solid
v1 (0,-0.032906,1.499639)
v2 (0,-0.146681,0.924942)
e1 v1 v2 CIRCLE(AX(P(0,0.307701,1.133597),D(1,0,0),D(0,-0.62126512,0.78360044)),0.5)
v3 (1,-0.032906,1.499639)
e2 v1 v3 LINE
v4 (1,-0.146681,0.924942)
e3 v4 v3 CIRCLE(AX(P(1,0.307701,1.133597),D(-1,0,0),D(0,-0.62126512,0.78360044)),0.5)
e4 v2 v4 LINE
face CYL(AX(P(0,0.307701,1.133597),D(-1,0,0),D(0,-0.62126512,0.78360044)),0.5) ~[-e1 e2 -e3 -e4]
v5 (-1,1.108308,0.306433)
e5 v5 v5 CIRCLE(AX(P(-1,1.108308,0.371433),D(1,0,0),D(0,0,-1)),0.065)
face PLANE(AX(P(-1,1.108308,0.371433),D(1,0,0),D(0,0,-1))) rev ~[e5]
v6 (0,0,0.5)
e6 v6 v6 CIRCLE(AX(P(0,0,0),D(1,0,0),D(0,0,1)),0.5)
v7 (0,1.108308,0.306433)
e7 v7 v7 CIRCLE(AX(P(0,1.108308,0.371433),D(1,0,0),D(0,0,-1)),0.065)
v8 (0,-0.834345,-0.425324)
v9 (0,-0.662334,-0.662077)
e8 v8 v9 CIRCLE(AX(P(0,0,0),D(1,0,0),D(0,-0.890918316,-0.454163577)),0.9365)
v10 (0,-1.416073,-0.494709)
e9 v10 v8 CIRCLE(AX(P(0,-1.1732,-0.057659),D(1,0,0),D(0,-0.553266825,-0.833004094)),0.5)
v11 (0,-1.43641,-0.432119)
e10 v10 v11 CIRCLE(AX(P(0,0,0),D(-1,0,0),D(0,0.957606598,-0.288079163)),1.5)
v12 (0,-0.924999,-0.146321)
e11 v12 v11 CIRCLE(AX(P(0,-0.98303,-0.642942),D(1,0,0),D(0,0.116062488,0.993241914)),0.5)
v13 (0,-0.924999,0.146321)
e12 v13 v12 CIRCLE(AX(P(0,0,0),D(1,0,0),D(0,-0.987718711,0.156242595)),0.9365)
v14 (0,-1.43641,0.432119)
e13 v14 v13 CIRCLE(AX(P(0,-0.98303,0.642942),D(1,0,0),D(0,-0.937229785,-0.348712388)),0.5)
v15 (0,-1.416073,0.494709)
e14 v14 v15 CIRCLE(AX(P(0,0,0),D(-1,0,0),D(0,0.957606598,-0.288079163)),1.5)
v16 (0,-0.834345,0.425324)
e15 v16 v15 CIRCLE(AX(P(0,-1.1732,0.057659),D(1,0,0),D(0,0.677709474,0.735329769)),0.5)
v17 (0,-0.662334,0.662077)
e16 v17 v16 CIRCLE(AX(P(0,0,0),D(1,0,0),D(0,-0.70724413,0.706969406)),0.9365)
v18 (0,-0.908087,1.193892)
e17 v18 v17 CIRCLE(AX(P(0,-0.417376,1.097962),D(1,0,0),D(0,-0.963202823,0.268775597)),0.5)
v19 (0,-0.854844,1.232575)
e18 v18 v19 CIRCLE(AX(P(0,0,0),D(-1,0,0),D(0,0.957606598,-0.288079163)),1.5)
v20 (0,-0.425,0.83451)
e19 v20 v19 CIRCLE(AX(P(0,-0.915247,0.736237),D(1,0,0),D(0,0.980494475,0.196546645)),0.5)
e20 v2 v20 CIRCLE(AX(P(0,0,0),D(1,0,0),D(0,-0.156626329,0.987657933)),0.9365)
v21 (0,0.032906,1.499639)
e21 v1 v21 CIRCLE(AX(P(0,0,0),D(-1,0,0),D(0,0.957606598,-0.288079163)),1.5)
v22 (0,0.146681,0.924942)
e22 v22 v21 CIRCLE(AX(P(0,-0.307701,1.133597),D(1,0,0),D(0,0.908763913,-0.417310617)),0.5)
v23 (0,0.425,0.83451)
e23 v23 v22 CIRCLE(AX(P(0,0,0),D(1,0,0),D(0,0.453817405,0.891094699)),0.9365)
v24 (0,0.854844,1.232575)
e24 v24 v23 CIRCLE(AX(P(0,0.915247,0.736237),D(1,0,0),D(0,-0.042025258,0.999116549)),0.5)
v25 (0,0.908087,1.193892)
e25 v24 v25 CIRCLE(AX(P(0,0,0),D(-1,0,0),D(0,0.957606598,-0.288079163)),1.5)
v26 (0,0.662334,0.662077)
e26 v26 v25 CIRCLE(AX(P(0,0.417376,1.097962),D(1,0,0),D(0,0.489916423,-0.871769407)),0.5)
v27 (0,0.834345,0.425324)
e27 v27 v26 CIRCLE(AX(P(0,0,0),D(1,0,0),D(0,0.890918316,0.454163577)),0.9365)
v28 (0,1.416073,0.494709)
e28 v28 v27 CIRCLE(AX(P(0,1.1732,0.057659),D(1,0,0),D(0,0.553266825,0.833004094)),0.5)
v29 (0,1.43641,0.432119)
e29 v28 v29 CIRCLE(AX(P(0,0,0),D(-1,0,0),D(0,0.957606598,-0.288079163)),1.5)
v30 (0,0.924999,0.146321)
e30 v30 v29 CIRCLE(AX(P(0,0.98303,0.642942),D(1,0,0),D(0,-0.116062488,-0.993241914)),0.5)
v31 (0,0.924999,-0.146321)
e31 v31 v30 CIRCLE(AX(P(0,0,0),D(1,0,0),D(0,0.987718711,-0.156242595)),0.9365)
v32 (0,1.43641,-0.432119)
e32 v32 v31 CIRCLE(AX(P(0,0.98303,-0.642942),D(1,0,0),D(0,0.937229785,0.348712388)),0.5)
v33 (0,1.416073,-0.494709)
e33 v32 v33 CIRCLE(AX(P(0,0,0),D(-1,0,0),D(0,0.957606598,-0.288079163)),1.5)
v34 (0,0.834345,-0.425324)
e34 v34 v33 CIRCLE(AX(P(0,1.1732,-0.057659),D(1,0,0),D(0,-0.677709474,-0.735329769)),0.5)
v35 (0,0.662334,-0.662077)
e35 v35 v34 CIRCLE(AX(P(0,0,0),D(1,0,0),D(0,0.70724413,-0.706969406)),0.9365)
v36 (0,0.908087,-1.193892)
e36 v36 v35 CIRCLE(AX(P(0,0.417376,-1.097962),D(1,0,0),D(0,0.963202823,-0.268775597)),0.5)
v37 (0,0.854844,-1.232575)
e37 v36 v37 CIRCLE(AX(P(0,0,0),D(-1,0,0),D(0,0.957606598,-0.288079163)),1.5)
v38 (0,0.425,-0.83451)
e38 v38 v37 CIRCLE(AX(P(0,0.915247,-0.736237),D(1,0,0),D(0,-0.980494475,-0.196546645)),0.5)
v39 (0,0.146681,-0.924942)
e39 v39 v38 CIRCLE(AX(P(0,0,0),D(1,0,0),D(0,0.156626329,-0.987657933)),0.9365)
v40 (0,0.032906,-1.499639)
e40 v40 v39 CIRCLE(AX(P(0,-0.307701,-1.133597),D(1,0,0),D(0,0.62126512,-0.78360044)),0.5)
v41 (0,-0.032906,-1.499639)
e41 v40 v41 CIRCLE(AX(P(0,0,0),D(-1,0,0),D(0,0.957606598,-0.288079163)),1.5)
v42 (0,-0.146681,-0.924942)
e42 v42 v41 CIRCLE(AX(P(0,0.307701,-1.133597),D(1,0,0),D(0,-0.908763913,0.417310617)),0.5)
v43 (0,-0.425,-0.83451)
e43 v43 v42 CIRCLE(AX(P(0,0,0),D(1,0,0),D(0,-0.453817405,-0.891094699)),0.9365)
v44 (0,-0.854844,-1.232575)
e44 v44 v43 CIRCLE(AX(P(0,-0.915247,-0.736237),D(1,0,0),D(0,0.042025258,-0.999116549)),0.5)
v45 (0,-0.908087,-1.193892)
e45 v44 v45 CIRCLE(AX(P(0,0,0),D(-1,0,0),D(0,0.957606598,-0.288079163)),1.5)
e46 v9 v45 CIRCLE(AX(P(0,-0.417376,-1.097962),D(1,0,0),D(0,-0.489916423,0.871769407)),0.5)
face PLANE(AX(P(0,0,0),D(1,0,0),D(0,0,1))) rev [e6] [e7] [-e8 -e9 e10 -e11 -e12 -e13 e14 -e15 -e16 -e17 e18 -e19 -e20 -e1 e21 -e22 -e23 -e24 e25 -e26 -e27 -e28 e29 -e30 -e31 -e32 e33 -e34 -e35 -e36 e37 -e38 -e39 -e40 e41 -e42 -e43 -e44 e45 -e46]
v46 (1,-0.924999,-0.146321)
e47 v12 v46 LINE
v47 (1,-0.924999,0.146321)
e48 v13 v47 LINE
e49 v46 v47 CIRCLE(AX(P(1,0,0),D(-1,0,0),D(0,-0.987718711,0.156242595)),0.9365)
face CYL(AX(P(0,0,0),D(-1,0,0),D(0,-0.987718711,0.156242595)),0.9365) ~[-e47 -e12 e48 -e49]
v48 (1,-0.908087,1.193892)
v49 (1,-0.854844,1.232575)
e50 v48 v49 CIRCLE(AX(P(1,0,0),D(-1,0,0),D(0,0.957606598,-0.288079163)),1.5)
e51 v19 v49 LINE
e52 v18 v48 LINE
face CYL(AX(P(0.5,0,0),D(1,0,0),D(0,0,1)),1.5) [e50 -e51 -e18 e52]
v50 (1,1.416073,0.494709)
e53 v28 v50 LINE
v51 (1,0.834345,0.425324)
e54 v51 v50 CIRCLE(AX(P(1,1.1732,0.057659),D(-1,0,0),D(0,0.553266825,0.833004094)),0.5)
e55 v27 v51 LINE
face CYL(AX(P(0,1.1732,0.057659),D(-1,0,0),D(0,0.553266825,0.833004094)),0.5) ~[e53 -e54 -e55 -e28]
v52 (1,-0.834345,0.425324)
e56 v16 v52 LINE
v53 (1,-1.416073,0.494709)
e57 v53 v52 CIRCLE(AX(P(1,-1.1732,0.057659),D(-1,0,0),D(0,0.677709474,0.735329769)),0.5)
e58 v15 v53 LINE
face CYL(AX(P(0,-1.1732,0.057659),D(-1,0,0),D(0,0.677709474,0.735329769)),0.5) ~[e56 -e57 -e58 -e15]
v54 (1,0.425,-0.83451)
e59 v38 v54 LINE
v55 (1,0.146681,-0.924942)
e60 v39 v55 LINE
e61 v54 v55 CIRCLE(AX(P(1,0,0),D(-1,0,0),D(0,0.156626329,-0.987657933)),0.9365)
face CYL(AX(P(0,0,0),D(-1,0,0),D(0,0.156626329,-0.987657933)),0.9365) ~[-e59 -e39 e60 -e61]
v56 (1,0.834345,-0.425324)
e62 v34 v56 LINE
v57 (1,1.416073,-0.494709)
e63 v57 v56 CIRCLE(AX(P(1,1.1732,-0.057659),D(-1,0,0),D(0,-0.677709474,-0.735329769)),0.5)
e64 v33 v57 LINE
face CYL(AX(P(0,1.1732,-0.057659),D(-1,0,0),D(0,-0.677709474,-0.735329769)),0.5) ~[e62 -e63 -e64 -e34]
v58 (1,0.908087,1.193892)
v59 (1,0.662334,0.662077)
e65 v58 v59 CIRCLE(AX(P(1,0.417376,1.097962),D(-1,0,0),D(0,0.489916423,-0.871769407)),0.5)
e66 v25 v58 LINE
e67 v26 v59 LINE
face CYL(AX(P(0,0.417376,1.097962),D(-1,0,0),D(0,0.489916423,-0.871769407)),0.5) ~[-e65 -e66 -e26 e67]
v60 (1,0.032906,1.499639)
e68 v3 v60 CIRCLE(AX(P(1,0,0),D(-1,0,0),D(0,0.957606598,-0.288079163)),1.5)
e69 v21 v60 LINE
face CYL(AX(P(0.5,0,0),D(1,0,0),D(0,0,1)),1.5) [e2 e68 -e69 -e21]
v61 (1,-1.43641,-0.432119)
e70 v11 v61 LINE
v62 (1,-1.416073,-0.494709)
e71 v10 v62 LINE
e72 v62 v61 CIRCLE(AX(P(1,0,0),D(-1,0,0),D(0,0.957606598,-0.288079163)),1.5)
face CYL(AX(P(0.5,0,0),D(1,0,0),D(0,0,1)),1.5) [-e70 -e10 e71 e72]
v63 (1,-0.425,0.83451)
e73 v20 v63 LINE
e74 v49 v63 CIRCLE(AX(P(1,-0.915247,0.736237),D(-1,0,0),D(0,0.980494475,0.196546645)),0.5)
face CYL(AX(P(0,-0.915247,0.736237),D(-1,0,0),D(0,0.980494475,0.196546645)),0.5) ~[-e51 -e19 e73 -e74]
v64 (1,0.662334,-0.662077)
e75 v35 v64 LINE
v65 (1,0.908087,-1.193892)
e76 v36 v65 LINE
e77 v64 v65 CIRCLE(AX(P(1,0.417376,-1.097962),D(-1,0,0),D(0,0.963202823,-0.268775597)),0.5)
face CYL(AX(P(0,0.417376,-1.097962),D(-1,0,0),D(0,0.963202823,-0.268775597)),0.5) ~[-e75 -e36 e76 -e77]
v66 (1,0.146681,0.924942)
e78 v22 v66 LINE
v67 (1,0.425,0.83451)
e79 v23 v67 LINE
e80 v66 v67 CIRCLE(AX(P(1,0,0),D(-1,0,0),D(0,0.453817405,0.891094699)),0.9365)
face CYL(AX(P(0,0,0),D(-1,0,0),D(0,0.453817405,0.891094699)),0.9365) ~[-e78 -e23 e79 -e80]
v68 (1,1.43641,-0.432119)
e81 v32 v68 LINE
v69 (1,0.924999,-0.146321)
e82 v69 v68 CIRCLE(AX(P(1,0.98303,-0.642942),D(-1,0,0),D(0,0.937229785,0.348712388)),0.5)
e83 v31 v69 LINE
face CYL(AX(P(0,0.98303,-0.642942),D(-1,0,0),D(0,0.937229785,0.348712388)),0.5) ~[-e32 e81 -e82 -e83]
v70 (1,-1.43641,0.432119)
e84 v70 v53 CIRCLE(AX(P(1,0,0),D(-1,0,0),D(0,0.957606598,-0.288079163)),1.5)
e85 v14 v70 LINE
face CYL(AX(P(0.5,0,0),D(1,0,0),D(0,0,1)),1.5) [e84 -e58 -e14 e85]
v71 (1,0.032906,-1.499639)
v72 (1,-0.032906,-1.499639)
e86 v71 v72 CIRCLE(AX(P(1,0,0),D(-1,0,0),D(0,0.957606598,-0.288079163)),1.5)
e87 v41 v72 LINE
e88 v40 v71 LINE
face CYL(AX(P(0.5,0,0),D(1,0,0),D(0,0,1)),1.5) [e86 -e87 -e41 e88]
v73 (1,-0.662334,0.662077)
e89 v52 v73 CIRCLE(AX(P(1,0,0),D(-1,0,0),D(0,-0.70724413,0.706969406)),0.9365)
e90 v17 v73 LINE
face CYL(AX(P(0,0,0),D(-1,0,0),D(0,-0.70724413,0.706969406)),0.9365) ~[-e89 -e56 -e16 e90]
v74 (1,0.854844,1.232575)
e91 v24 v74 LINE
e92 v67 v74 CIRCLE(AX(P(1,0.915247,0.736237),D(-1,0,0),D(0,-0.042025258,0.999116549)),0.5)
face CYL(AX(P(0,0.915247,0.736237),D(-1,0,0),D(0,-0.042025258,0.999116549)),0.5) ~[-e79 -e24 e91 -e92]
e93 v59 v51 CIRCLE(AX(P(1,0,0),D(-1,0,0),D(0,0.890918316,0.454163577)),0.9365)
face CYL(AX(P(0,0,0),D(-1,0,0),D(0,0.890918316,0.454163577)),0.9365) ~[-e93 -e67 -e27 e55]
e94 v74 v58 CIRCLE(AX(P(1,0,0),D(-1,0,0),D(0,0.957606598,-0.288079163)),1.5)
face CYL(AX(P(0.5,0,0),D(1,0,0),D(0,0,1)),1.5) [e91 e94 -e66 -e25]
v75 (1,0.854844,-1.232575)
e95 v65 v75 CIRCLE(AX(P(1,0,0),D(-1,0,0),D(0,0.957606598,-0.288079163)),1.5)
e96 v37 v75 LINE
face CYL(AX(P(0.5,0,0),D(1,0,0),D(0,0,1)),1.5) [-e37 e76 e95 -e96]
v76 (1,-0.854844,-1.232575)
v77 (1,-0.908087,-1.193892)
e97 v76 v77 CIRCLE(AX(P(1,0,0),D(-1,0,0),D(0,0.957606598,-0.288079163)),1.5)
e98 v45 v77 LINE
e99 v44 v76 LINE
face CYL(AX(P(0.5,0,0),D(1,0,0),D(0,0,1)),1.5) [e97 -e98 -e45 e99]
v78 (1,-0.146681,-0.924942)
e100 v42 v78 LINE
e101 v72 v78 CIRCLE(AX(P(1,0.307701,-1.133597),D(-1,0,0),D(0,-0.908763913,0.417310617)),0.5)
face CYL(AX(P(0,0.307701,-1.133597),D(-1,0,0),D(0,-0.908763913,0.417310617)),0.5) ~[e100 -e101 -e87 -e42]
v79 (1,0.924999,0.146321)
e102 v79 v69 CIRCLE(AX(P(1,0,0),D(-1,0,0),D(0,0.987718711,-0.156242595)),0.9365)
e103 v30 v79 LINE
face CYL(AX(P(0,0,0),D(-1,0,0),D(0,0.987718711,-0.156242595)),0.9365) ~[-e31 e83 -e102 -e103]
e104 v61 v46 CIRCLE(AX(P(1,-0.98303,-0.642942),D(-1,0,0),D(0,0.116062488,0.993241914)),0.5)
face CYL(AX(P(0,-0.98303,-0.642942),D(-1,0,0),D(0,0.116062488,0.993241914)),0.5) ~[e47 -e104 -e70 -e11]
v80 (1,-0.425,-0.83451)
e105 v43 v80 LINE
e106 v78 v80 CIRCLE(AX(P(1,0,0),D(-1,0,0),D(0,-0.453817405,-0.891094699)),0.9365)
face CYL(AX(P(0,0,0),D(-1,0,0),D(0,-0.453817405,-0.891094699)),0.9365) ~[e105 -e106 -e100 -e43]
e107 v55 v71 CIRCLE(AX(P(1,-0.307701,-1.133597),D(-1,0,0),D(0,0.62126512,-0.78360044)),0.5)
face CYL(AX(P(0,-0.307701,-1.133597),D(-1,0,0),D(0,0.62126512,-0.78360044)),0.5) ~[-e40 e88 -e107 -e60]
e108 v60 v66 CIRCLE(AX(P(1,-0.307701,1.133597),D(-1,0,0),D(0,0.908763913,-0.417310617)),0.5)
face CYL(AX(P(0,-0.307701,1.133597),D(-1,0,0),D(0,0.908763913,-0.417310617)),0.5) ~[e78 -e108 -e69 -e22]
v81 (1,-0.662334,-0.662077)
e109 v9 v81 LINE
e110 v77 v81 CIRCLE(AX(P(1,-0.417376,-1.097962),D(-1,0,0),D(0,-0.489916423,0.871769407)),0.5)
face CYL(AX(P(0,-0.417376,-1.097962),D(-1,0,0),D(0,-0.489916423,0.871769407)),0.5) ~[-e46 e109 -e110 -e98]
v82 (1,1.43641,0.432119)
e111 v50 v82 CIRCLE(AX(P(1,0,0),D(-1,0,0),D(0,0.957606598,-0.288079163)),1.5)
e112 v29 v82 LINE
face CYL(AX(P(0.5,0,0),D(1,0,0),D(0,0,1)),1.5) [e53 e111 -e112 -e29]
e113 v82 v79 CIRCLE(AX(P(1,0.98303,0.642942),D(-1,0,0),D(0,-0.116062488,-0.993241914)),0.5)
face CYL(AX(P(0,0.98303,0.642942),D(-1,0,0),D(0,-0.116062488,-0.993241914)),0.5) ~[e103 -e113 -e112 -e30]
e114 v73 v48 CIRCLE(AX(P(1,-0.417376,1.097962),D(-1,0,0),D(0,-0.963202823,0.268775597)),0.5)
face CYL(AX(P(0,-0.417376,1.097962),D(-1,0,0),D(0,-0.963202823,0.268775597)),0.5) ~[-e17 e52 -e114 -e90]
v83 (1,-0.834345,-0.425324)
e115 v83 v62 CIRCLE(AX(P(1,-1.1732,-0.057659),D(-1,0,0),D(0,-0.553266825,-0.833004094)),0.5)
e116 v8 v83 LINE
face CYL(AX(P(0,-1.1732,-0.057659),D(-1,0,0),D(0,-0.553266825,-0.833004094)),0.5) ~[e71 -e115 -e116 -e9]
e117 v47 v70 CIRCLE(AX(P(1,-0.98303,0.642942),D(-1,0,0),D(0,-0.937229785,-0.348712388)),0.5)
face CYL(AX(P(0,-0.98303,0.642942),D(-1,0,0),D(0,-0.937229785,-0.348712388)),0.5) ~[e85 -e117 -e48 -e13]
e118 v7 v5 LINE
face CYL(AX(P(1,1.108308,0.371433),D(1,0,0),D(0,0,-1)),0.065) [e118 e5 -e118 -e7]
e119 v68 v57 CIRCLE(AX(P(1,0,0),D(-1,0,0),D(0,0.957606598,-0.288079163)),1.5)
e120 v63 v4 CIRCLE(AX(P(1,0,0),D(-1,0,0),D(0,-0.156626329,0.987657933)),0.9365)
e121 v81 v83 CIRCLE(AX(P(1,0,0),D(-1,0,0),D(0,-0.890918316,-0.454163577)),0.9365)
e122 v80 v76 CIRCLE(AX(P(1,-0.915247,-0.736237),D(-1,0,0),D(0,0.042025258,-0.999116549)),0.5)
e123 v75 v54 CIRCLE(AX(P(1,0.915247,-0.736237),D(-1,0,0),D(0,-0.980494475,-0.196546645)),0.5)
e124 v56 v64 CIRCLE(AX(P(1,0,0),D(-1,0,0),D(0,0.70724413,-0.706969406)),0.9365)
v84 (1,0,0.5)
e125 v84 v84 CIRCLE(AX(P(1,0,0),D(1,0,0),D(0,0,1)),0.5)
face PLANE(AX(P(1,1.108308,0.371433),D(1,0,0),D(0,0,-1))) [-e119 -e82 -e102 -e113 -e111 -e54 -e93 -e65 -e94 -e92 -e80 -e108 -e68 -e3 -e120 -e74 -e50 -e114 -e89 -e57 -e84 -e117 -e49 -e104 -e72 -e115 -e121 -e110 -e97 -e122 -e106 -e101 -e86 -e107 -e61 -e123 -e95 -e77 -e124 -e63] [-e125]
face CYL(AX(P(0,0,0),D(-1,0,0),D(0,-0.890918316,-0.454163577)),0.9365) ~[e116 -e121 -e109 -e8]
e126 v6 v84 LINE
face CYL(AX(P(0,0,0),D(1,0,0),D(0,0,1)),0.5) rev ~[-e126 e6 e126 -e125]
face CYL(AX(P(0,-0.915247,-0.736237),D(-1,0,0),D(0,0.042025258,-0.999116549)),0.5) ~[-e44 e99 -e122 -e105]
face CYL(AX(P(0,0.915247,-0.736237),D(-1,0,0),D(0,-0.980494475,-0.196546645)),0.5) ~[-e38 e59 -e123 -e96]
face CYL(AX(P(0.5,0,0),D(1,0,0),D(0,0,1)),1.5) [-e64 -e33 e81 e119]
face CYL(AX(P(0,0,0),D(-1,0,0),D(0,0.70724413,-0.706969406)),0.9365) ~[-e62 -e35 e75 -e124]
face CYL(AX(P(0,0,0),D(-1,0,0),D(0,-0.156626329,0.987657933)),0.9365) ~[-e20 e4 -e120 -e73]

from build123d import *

# Parameters (mm, degrees)
BASPROSKE_W     = 1
BASPROSKE_H     = 1.5
TOOTHCUT_DEPTH  = 3.34520788
TEETHCUTS_COUNT = 10
TEETHCUTS_ANGLE = 324
BORSKE_R        = 0.5
BORE_DEPTH      = 50.0000508
SKETCH_1_R      = 0.065
EXTRUDE_2_DEPTH = 2


with BuildPart() as part:
    # BasProSke → Base-Revolve (revolve)
    with BuildSketch(Plane(origin=(0, 0, 0), x_dir=(1, 0, 0), z_dir=(0, 1, 0)), mode=Mode.PRIVATE) as base_revolve_sk:
        with Locations((0.5, 0.75)):
            Rectangle(BASPROSKE_W, BASPROSKE_H)
    revolve(base_revolve_sk.sketch.rotate(Axis((-10, 0, 0), (1, 0, 0)), 180), axis=Axis((-10, 0, 0), (1, 0, 0)))

    # TooCutSke → ToothCut (cut, through all)
    with BuildSketch(Plane(origin=(0, 0, 0), x_dir=(0, 0, -1), z_dir=(1, 0, 0))):
        with BuildLine():
            ThreePointArc((0.146321185, 0.924998573), (0, 0.9365), (-0.146321185, 0.924998573))
            ThreePointArc((-0.146321185, 0.924998573), (-0.216454601, 1.244005636), (-0.468585949, 1.451644712))
            ThreePointArc((-0.468585949, 1.451644712), (0, 1.5254), (0.468585949, 1.451644712))
            ThreePointArc((0.468585949, 1.451644712), (0.216454601, 1.244005636), (0.146321185, 0.924998573))
        make_face()
    toothcut = extrude(amount=TOOTHCUT_DEPTH, mode=Mode.SUBTRACT)

    # TeethCuts: ToothCut ×10 about axis
    teethcuts_axis = Axis((-10, 0, 0), (1, 0, 0))
    for i in range(1, TEETHCUTS_COUNT):
        add(toothcut.rotate(teethcuts_axis, i * TEETHCUTS_ANGLE / (TEETHCUTS_COUNT - 1)), mode=Mode.SUBTRACT)

    # BorSke → Bore (cut, symmetric)
    with BuildSketch(Plane(origin=(0, 0, 0), x_dir=(0, 0, -1), z_dir=(1, 0, 0))):
        with Locations(Location((0, 0, 0), (0, 0, 180))):
            Circle(BORSKE_R)
    extrude(amount=BORE_DEPTH, both=True, mode=Mode.SUBTRACT)

    # 草圖1 → 填料-伸長2 (add)
    with BuildSketch(Plane(origin=(1, 0, 0), x_dir=(0, 0, -1), z_dir=(1, 0, 0))):
        with Locations((-0.371432866, 1.108307745)):
            Circle(SKETCH_1_R)
    extrude(amount=-EXTRUDE_2_DEPTH)


solid = part.part
